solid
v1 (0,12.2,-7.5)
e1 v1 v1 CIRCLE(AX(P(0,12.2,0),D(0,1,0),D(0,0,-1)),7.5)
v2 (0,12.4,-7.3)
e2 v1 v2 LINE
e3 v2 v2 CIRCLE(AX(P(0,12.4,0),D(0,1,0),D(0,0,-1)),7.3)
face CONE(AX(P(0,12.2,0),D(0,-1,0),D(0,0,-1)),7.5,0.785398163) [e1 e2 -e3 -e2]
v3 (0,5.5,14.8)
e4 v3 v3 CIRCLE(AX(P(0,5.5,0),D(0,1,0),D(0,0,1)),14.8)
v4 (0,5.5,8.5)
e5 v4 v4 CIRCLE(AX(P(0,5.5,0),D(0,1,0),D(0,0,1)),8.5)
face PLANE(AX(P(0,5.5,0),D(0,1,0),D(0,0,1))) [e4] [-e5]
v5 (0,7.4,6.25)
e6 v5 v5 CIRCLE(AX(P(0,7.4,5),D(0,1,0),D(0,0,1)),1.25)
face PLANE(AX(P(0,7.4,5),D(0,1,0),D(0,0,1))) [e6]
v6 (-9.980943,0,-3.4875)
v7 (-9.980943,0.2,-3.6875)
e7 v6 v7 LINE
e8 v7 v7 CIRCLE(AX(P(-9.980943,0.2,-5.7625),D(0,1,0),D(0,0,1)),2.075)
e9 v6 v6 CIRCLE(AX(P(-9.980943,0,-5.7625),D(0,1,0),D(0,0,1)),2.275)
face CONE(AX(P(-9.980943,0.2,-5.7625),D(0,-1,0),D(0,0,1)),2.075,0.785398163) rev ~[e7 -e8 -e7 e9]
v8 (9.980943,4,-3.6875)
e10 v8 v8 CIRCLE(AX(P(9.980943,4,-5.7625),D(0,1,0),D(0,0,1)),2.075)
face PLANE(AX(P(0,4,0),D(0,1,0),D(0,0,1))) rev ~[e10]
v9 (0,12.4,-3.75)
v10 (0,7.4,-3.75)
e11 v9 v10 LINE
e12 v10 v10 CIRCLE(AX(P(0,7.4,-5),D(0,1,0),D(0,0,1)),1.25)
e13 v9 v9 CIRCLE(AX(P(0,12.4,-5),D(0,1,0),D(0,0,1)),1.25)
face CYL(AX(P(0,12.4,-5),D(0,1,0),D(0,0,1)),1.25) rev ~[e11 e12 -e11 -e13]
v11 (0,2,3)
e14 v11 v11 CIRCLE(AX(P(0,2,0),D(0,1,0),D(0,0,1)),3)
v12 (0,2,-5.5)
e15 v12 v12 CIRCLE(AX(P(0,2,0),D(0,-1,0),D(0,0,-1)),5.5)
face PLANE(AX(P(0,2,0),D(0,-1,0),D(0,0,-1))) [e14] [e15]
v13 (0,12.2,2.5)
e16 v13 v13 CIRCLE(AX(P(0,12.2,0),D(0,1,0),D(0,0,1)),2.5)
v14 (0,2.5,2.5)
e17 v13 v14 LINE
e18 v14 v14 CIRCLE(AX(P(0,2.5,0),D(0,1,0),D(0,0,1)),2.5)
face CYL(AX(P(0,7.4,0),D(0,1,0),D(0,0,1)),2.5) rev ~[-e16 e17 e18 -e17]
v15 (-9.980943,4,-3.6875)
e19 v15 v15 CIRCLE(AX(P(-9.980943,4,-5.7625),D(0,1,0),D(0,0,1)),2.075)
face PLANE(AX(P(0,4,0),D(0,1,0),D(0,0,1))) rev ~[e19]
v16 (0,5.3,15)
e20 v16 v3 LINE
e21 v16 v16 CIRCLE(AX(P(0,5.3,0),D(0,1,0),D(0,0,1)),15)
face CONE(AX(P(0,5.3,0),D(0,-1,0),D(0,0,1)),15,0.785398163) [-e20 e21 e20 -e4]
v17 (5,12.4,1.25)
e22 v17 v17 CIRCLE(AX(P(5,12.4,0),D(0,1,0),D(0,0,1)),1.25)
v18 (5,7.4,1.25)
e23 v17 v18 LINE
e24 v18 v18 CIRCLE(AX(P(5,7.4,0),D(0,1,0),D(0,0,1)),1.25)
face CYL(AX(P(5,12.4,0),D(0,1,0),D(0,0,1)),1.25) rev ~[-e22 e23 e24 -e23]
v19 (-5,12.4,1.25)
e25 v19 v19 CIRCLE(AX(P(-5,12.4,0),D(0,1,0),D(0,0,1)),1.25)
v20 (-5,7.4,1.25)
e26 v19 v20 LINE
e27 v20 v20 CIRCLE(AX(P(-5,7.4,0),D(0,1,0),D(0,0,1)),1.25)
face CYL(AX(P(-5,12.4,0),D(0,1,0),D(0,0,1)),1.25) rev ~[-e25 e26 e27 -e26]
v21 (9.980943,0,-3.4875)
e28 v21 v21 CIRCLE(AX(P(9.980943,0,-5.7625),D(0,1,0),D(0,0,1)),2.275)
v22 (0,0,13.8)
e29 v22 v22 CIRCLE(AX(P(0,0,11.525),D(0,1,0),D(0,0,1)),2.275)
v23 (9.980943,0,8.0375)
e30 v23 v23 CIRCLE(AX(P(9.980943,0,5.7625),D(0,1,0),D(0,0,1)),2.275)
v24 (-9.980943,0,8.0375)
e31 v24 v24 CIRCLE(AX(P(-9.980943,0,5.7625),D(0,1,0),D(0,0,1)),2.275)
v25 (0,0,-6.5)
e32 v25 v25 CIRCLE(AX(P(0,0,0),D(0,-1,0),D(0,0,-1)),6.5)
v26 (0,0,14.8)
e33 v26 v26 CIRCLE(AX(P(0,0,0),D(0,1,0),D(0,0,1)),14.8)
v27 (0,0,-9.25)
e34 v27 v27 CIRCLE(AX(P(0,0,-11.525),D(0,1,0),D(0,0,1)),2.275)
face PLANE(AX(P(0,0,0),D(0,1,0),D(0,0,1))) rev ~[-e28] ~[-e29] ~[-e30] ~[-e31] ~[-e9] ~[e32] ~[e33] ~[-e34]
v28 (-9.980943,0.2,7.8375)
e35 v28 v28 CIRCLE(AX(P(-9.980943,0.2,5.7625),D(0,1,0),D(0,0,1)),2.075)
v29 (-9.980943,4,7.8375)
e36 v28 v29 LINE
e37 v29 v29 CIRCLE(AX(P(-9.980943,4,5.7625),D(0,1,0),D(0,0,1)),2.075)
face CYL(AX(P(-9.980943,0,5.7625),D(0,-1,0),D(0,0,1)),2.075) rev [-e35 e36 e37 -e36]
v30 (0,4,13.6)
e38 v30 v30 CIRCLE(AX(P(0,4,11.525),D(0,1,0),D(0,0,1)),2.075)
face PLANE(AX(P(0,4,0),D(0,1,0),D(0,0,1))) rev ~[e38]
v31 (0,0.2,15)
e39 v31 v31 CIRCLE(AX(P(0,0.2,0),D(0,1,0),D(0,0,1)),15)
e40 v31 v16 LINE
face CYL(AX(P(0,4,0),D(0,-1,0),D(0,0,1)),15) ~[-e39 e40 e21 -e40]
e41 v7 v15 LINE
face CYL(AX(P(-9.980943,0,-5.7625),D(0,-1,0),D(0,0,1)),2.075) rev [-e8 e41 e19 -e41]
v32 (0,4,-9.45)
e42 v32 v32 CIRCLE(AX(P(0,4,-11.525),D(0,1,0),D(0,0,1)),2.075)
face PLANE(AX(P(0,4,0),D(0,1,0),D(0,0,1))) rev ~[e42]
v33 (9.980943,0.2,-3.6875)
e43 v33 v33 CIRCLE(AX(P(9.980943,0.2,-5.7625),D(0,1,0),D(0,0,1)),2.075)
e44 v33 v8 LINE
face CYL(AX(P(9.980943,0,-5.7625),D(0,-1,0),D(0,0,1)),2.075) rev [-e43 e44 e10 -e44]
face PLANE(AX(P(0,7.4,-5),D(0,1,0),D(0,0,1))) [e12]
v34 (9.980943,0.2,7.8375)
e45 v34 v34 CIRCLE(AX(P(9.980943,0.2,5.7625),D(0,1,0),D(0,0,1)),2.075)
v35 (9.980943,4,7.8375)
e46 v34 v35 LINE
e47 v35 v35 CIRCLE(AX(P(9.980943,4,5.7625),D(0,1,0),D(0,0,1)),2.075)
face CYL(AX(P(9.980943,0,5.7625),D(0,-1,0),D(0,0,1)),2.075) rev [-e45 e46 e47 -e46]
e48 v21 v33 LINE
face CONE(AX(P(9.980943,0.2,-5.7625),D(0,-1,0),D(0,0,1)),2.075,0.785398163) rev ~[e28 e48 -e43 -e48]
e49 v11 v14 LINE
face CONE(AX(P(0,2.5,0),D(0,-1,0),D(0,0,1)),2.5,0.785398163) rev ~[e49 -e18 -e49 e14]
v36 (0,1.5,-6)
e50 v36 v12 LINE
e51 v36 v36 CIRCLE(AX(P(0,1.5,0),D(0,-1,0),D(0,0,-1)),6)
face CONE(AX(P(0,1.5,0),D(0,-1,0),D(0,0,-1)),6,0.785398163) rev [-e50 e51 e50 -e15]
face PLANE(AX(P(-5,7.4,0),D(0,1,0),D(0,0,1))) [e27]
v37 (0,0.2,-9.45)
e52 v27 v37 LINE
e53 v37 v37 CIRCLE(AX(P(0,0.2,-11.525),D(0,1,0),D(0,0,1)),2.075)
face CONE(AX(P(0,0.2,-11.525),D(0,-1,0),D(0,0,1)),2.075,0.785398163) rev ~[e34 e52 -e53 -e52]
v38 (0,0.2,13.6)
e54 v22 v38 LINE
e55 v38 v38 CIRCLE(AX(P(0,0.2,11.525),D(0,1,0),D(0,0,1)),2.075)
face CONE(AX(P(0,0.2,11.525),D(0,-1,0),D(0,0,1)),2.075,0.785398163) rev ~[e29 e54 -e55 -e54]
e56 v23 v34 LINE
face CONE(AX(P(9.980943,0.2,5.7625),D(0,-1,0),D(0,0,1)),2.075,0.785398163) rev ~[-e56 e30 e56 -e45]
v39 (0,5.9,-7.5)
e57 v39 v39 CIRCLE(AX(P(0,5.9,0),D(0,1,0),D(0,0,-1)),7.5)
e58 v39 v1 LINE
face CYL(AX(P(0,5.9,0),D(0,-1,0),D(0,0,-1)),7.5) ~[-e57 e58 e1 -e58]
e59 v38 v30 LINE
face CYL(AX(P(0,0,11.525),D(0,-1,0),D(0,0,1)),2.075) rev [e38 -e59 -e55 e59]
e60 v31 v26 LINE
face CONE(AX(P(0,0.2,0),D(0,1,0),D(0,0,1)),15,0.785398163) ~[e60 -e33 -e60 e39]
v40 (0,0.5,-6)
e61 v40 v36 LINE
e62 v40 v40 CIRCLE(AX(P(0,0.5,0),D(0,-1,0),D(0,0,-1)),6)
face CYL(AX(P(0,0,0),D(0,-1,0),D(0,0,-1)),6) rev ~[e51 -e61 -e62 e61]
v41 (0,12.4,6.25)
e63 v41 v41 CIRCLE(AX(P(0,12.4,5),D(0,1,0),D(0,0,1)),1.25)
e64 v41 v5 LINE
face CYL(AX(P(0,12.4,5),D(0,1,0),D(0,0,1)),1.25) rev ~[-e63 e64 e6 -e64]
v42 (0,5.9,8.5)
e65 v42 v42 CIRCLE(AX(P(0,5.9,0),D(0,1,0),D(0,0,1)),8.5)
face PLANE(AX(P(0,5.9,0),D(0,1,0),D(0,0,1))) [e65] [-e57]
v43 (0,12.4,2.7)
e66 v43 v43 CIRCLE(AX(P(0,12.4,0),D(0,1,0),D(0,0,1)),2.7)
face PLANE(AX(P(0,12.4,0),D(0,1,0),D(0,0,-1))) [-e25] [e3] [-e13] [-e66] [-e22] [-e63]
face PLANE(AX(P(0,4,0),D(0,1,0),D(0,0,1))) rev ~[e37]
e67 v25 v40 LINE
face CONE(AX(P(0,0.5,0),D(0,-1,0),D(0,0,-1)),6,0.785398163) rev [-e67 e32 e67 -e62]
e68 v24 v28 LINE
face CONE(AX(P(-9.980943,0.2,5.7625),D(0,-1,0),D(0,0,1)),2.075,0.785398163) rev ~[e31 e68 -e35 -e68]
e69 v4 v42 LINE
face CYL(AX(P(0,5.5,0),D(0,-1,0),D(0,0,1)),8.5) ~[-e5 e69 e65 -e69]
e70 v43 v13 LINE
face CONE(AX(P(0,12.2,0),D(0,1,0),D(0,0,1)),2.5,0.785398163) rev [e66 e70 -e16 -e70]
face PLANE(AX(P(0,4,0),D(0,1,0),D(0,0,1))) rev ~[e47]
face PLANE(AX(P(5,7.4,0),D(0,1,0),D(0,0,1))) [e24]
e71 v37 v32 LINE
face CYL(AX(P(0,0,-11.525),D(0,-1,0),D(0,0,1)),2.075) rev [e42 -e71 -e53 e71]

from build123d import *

# Parameters (mm, degrees)
SKETCH_1_R          = 15
SKETCH_1_R_2        = 2.075
EXTRUDE_1_DEPTH     = 4
SKETCH_2_R          = 15
EXTRUDE_2_DEPTH     = 1.5
SKETCH_3_R          = 8.5
EXTRUDE_3_DEPTH     = 0.4
SKETCH_4_R          = 7.5
EXTRUDE_4_DEPTH     = 6.5
SKETCH_5_R          = 1.25
SKETCH_5_R_2        = 2.5
CUT_EXTRUDE_1_DEPTH = 5
CHAMFER_1_SIZE      = 0.2
SKETCH_7_R          = 2.5
CUT_EXTRUDE_4_DEPTH = 23.46686449
SKETCH_8_R          = 6
CUT_EXTRUDE_5_DEPTH = 2
CHAMFER_2_SIZE      = 0.5


with BuildPart() as part:
    # 草图1 → 凸台-拉伸1 (new body)
    with BuildSketch(Plane(origin=(0, 0, 0), x_dir=(1, 0, 0), z_dir=(0, 1, 0))):
        with Locations(Location((0, 0, 0), (0, 0, 270))):
            Circle(SKETCH_1_R)
        with Locations(Location((0, 11.525, 0), (0, 0, 270))):
            Circle(SKETCH_1_R_2, mode=Mode.SUBTRACT)
        with Locations(Location((9.980942779, 5.7625, 0), (0, 0, 270))):
            Circle(SKETCH_1_R_2, mode=Mode.SUBTRACT)
        with Locations(Location((9.980942779, -5.7625, 0), (0, 0, 270))):
            Circle(SKETCH_1_R_2, mode=Mode.SUBTRACT)
        with Locations(Location((0, -11.525, 0), (0, 0, 270))):
            Circle(SKETCH_1_R_2, mode=Mode.SUBTRACT)
        with Locations(Location((-9.980942779, -5.7625, 0), (0, 0, 270))):
            Circle(SKETCH_1_R_2, mode=Mode.SUBTRACT)
        with Locations(Location((-9.980942779, 5.7625, 0), (0, 0, 270))):
            Circle(SKETCH_1_R_2, mode=Mode.SUBTRACT)
    extrude(amount=EXTRUDE_1_DEPTH)

    # 草图2 → 凸台-拉伸2 (add)
    with BuildSketch(Plane(origin=(0, 4, 0), x_dir=(1, 0, 0), z_dir=(0, 1, 0))):
        with Locations(Location((0, 0, 0), (0, 0, 270))):
            Circle(SKETCH_2_R)
    extrude(amount=EXTRUDE_2_DEPTH)

    # 草图3 → 凸台-拉伸3 (add)
    with BuildSketch(Plane(origin=(0, 5.5, 0), x_dir=(1, 0, 0), z_dir=(0, 1, 0))):
        with Locations(Location((0, 0, 0), (0, 0, 270))):
            Circle(SKETCH_3_R)
    extrude(amount=EXTRUDE_3_DEPTH)

    # 草图4 → 凸台-拉伸4 (add)
    with BuildSketch(Plane(origin=(0, 5.9, 0), x_dir=(1, 0, 0), z_dir=(0, 1, 0))):
        with Locations(Location((0, 0, 0), (0, 0, 90))):
            Circle(SKETCH_4_R)
    extrude(amount=EXTRUDE_4_DEPTH)

    # 草图5 → 切除-拉伸1 (cut)
    with BuildSketch(Plane(origin=(0, 12.4, 0), x_dir=(1, 0, 0), z_dir=(0, 1, 0))):
        with Locations(Location((0, 5, 0), (0, 0, 270))):
            Circle(SKETCH_5_R)
        with Locations(Location((5, 0, 0), (0, 0, 270))):
            Circle(SKETCH_5_R)
        with Locations(Location((0, -5, 0), (0, 0, 270))):
            Circle(SKETCH_5_R)
        with Locations(Location((-5, 0, 0), (0, 0, 270))):
            Circle(SKETCH_5_R)
        with Locations(Location((0, 0, 0), (0, 0, 270))):
            Circle(SKETCH_5_R_2)
    extrude(amount=-CUT_EXTRUDE_1_DEPTH, mode=Mode.SUBTRACT)

    # 倒角1
    chamfer_1_edges = [part.edges().sort_by_distance(p)[0] for p in [
        (9.980942779, 0, 3.6875),
        (0, 0, 9.45),
        (0, 0, -15),
        (-9.980942779, 0, 3.6875),
        (-9.980942779, 0, -7.8375),
        (0, 5.5, -15),
        (0, 12.4, 7.5),
        (0, 0, -13.6),
        (0, 12.4, -2.5),
        (9.980942779, 0, -7.8375),
    ]]
    chamfer(chamfer_1_edges, length=CHAMFER_1_SIZE)

    # 草图7 → 切除-拉伸4 (cut, through all)
    with BuildSketch(Plane(origin=(0, 7.4, 0), x_dir=(1, 0, 0), z_dir=(0, 1, 0))):
        with Locations(Location((0, 0, 0), (0, 0, 270))):
            Circle(SKETCH_7_R)
    extrude(amount=-CUT_EXTRUDE_4_DEPTH, mode=Mode.SUBTRACT)

    # 草图8 → 切除-拉伸5 (cut)
    with BuildSketch(Plane(origin=(0, 0, 0), x_dir=(-1, 0, 0), z_dir=(0, -1, 0))):
        with Locations(Location((0, 0, 0), (0, 0, 90))):
            Circle(SKETCH_8_R)
    extrude(amount=-CUT_EXTRUDE_5_DEPTH, mode=Mode.SUBTRACT)

    # 倒角2
    chamfer_2_edges = [part.edges().sort_by_distance(p)[0] for p in [
        (0, 0, 6),
        (0, 2, 6),
        (0, 2, -2.5),
    ]]
    chamfer(chamfer_2_edges, length=CHAMFER_2_SIZE)


solid = part.part
